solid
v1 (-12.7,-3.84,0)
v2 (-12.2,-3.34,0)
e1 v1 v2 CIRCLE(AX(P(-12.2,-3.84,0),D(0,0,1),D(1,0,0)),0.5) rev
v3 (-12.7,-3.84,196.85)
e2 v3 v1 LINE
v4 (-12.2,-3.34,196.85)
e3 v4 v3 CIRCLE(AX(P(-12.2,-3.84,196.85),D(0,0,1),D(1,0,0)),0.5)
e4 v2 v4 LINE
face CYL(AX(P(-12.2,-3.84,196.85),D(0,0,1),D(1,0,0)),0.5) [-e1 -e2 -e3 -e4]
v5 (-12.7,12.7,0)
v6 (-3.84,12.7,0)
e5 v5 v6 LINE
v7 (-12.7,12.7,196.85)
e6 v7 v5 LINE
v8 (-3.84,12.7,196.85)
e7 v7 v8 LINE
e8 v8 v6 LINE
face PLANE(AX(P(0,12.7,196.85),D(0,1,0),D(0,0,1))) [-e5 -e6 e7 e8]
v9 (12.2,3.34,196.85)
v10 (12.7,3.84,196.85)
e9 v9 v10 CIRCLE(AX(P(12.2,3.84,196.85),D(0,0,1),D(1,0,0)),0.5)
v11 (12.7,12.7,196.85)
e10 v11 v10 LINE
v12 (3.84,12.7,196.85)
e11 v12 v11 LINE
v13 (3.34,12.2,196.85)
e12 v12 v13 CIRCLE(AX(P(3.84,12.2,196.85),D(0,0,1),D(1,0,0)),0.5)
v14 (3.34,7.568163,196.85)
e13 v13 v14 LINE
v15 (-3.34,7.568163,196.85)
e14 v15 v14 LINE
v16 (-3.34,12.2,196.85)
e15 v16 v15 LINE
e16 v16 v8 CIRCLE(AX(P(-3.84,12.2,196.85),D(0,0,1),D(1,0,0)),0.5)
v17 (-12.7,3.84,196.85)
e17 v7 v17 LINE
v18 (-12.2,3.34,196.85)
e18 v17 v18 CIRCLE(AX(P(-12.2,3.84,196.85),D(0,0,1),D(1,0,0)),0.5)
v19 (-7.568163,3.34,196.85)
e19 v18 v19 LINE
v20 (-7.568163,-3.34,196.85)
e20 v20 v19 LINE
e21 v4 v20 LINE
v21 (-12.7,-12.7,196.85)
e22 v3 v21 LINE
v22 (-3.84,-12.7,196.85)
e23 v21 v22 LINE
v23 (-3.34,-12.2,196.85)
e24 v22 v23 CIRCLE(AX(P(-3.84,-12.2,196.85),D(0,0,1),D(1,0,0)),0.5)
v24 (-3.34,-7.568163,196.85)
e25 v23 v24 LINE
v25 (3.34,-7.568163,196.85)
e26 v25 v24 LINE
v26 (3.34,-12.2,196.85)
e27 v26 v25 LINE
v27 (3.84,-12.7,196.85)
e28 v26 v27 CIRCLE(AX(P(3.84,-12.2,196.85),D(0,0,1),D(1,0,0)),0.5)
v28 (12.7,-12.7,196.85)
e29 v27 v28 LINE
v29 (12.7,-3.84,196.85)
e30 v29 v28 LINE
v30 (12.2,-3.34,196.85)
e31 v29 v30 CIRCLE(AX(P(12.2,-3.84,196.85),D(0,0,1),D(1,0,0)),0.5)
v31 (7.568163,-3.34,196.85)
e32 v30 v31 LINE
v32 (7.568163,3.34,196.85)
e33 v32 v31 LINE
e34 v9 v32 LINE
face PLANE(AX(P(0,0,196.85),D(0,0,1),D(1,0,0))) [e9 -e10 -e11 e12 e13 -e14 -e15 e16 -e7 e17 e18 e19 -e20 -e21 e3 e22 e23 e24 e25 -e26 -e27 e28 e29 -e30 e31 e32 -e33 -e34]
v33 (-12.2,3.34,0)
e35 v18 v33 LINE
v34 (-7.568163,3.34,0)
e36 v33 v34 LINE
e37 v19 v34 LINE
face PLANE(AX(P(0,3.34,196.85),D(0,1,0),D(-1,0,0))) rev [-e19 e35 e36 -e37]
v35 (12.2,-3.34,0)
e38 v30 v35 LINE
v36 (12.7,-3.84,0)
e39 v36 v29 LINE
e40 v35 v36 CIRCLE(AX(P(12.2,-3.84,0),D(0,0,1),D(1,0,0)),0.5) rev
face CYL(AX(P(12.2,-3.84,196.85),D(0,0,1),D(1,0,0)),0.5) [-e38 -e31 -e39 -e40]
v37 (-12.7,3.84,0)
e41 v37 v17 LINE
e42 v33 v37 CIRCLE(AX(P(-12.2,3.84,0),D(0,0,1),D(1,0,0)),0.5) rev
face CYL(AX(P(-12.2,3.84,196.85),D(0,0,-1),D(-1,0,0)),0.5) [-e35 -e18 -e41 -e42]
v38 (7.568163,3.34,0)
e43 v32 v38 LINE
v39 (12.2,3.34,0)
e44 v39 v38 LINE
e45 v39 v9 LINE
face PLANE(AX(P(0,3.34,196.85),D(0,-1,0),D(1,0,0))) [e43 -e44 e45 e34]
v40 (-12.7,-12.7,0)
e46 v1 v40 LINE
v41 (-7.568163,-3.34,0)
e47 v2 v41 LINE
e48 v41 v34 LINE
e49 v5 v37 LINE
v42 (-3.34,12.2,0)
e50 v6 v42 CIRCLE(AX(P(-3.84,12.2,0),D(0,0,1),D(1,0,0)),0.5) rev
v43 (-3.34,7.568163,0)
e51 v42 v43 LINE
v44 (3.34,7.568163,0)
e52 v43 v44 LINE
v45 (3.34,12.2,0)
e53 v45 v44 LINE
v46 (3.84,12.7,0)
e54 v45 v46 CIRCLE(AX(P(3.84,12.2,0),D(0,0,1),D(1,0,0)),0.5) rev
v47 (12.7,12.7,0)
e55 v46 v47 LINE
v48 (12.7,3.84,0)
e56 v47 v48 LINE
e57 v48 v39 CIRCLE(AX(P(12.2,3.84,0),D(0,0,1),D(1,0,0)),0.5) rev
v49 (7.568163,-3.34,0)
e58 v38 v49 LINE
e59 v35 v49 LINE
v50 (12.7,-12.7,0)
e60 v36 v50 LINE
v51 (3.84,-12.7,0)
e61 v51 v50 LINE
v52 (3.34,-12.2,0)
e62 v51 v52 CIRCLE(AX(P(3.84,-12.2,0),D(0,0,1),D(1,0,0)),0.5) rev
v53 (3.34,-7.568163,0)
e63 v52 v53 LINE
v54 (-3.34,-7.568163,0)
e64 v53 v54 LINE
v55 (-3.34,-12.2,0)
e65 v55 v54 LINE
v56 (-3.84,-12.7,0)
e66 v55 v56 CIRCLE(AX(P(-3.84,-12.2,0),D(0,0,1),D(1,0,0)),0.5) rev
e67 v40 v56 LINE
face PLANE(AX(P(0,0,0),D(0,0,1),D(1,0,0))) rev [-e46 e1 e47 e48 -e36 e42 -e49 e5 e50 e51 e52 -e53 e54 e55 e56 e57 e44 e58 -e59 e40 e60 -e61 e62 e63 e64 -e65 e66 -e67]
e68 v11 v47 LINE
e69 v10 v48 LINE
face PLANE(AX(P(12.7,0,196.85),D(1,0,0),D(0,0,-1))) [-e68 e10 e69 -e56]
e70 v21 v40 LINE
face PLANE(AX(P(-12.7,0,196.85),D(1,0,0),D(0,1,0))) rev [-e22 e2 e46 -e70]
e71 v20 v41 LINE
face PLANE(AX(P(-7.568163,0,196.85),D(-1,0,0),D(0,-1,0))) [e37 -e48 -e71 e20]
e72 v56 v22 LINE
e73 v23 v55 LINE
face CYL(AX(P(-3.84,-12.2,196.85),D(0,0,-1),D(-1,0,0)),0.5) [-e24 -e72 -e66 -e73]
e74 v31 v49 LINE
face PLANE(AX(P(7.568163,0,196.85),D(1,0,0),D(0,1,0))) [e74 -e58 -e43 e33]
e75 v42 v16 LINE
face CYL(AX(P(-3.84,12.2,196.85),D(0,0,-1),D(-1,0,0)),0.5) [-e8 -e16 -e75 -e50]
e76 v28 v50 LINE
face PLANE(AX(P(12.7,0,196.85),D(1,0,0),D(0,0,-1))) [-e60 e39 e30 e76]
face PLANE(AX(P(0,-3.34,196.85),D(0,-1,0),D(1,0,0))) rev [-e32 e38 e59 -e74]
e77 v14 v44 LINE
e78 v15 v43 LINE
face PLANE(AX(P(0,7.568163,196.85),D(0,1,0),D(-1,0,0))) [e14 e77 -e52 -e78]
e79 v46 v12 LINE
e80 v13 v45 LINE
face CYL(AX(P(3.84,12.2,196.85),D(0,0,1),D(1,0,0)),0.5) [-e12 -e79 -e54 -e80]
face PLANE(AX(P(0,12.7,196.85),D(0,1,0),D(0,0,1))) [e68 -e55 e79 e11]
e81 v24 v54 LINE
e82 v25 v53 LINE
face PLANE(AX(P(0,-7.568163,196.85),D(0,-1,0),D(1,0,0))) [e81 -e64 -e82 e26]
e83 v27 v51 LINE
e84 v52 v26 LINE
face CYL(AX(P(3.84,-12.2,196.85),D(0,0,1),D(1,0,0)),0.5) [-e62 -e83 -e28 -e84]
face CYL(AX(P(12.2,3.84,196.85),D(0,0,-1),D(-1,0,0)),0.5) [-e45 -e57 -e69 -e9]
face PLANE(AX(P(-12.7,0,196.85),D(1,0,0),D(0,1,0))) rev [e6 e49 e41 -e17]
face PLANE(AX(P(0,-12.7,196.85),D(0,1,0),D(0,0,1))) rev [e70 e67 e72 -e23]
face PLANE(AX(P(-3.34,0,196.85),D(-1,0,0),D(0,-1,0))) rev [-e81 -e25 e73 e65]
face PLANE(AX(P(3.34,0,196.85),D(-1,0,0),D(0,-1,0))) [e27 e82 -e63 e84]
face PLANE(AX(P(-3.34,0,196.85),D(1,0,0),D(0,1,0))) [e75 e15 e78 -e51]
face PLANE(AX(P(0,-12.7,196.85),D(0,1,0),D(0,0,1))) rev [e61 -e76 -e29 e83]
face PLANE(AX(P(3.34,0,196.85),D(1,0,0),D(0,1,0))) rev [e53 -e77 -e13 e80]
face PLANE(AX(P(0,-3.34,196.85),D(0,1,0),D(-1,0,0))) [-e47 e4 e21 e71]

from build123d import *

# Parameters (mm, degrees)
BOSS_EXTRUDE1_DEPTH = 196.85
FILLET1_R           = 0.5


with BuildPart() as part:
    # Sketch1 → Boss-Extrude1 (new body)
    with BuildSketch(Plane.XY):
        Polygon((7.568163265, 3.34), (12.7, 3.34), (12.7, 12.7), (3.34, 12.7), (3.34, 7.568163265), (-3.34, 7.568163265), (-3.34, 12.7), (-12.7, 12.7), (-12.7, 3.34), (-7.568163265, 3.34), (-7.568163265, -3.34), (-12.7, -3.34), (-12.7, -12.7), (-3.34, -12.7), (-3.34, -7.568163265), (3.34, -7.568163265), (3.34, -12.7), (12.7, -12.7), (12.7, -3.34), (7.568163265, -3.34), align=None)
    extrude(amount=BOSS_EXTRUDE1_DEPTH)

    # Fillet1
    fillet1_edges = [part.edges().sort_by_distance(p)[0] for p in [
        (-12.7, 3.34, 98.425),
        (-3.34, 12.7, 98.425),
        (3.34, 12.7, 98.425),
        (12.7, 3.34, 98.425),
        (12.7, -3.34, 98.425),
        (3.34, -12.7, 98.425),
        (-3.34, -12.7, 98.425),
        (-12.7, -3.34, 98.425),
    ]]
    fillet(fillet1_edges, radius=FILLET1_R)


solid = part.part
